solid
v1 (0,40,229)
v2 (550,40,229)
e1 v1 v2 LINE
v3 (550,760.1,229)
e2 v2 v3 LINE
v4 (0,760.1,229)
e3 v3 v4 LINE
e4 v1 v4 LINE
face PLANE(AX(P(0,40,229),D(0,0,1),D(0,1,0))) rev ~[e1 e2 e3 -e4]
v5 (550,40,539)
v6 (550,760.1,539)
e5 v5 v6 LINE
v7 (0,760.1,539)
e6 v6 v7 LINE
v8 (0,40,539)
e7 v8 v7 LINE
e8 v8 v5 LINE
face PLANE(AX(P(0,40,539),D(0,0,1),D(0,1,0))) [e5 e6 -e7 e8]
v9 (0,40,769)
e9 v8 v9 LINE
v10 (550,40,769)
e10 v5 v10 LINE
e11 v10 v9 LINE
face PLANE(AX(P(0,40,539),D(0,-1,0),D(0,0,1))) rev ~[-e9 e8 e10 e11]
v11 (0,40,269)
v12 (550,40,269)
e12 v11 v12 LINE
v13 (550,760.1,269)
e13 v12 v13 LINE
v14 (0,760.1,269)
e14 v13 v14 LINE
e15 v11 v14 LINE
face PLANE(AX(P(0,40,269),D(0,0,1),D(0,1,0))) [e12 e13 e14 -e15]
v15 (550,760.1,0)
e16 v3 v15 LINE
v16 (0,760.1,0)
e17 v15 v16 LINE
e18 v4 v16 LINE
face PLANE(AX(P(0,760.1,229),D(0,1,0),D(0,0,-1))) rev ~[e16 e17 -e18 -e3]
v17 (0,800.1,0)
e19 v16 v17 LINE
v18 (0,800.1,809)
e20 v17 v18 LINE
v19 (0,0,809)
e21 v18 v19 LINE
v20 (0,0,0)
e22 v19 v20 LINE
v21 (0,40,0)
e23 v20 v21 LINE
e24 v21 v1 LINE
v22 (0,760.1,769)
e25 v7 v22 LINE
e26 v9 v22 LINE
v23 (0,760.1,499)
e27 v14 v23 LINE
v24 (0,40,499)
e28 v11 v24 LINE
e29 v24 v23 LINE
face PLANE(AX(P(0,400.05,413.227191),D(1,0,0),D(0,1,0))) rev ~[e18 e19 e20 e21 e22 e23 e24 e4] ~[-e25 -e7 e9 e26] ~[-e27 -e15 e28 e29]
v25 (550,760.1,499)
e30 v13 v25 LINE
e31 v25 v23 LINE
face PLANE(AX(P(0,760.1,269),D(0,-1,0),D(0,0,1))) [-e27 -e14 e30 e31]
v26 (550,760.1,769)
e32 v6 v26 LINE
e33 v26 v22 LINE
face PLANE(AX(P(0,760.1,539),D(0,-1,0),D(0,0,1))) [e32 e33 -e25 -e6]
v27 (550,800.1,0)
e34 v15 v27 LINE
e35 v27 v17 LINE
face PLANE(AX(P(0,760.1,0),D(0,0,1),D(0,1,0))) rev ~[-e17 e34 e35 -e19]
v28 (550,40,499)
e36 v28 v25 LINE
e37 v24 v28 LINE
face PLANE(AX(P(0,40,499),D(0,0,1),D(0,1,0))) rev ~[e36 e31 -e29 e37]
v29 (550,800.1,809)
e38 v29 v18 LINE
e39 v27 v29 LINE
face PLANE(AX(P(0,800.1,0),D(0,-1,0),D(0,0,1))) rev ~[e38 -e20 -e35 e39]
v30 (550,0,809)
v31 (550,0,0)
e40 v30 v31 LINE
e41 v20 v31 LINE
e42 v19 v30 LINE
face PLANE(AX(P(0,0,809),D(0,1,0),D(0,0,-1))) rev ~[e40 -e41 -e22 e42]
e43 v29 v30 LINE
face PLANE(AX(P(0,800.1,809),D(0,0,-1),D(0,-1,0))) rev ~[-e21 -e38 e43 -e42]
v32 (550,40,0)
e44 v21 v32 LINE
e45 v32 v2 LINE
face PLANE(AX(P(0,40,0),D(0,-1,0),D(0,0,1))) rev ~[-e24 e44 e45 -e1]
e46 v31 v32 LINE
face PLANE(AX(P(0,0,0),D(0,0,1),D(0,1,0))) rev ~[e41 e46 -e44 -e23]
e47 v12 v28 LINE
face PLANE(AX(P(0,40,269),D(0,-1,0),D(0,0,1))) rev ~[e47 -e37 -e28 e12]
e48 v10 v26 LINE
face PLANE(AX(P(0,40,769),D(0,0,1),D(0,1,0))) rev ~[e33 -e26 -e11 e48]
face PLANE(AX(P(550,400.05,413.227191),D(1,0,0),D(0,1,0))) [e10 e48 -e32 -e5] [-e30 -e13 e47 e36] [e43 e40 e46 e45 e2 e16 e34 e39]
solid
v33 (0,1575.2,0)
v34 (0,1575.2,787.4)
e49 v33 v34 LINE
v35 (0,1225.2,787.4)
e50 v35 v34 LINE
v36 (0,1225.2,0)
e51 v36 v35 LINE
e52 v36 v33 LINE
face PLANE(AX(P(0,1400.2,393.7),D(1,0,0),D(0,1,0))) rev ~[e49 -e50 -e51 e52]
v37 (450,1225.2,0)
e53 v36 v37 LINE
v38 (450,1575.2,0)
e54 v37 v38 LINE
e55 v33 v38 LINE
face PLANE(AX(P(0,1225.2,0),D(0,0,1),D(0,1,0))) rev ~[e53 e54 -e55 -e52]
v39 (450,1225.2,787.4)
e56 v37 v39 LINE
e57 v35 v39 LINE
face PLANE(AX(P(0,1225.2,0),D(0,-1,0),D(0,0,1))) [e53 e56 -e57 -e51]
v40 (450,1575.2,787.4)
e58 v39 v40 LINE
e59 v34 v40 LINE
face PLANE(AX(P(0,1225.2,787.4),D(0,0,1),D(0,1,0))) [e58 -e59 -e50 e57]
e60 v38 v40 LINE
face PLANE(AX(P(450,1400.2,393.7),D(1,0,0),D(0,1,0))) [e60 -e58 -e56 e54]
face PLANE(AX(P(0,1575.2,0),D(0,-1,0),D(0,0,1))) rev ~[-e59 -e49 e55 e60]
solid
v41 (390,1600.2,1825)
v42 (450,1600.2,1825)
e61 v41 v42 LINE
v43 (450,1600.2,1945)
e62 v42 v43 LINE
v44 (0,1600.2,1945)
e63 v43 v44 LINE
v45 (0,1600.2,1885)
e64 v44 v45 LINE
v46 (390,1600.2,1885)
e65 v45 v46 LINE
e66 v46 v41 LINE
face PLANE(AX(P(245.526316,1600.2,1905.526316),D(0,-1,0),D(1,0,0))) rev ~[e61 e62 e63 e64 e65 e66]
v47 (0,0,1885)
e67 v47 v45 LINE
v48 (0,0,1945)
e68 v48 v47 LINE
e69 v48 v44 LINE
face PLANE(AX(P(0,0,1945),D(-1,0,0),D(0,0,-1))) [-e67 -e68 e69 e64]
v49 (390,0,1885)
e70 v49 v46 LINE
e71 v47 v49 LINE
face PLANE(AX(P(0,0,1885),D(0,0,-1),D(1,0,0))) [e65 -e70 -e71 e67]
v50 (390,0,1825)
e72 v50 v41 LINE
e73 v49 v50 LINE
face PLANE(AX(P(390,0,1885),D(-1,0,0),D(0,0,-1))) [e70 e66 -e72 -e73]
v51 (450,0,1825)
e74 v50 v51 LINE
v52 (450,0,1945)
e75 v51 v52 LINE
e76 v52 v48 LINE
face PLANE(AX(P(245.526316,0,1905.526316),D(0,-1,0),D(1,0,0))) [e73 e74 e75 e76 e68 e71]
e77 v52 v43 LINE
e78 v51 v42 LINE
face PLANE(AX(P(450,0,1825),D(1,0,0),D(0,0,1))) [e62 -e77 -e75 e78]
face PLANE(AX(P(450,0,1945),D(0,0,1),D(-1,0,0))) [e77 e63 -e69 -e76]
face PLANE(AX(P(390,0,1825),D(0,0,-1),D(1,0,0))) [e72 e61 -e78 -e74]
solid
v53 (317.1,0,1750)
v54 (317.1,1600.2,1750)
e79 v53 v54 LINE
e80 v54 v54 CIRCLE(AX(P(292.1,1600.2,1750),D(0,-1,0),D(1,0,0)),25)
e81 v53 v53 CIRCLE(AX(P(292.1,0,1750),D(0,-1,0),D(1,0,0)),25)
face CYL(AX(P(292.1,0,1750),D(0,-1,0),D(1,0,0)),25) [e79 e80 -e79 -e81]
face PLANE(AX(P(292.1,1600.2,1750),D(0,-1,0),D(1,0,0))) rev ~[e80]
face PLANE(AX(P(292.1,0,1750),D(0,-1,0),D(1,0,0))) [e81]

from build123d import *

# Parameters (mm, degrees)
F6_R      = 25
F7_DEPTH  = 1600.2
F8_W      = 720.1
F8_H      = 230
F9_DEPTH  = 550
F10_DEPTH = 25
F11_W     = 350
F11_H     = 787.4
F12_DEPTH = 450


with BuildPart() as f7:
    # F6 (on Front) → F7 (new body, through all)
    with BuildSketch(Plane.XZ):
        with Locations((292.1, 1750)):
            Circle(F6_R)
        Polygon((450, 1945), (0, 1945), (0, 1885), (390, 1885), (390, 1825), (450, 1825), align=None)
    extrude(amount=-F7_DEPTH)


with BuildPart() as f9:
    # F8 (on Right) → F9 (new body)
    with BuildSketch(Plane.YZ):
        Polygon((800.1, 809), (0, 809), (0, 0), (40, 0), (40, 229), (760.1, 229), (760.1, 0), (800.1, 0), align=None)
        with Locations((400.05, 384)):
            Rectangle(F8_W, F8_H, mode=Mode.SUBTRACT)
        with Locations((400.05, 654)):
            Rectangle(F8_W, F8_H, mode=Mode.SUBTRACT)
    extrude(amount=F9_DEPTH)

    # F8 (on Right) → F10 (join)
    with BuildSketch(Plane.YZ):
        Polygon((800.1, 809), (0, 809), (0, 0), (40, 0), (40, 229), (760.1, 229), (760.1, 0), (800.1, 0), align=None)
        with Locations((400.05, 384)):
            Rectangle(F8_W, F8_H, mode=Mode.SUBTRACT)
        with Locations((400.05, 654)):
            Rectangle(F8_W, F8_H, mode=Mode.SUBTRACT)
    extrude(amount=F10_DEPTH)


with BuildPart() as f12:
    # F11 (on Right) → F12 (new body)
    with BuildSketch(Plane.YZ):
        with Locations((1400.2, 393.7)):
            Rectangle(F11_W, F11_H)
    extrude(amount=F12_DEPTH)


solid = Compound([f7.part, f9.part, f12.part])
